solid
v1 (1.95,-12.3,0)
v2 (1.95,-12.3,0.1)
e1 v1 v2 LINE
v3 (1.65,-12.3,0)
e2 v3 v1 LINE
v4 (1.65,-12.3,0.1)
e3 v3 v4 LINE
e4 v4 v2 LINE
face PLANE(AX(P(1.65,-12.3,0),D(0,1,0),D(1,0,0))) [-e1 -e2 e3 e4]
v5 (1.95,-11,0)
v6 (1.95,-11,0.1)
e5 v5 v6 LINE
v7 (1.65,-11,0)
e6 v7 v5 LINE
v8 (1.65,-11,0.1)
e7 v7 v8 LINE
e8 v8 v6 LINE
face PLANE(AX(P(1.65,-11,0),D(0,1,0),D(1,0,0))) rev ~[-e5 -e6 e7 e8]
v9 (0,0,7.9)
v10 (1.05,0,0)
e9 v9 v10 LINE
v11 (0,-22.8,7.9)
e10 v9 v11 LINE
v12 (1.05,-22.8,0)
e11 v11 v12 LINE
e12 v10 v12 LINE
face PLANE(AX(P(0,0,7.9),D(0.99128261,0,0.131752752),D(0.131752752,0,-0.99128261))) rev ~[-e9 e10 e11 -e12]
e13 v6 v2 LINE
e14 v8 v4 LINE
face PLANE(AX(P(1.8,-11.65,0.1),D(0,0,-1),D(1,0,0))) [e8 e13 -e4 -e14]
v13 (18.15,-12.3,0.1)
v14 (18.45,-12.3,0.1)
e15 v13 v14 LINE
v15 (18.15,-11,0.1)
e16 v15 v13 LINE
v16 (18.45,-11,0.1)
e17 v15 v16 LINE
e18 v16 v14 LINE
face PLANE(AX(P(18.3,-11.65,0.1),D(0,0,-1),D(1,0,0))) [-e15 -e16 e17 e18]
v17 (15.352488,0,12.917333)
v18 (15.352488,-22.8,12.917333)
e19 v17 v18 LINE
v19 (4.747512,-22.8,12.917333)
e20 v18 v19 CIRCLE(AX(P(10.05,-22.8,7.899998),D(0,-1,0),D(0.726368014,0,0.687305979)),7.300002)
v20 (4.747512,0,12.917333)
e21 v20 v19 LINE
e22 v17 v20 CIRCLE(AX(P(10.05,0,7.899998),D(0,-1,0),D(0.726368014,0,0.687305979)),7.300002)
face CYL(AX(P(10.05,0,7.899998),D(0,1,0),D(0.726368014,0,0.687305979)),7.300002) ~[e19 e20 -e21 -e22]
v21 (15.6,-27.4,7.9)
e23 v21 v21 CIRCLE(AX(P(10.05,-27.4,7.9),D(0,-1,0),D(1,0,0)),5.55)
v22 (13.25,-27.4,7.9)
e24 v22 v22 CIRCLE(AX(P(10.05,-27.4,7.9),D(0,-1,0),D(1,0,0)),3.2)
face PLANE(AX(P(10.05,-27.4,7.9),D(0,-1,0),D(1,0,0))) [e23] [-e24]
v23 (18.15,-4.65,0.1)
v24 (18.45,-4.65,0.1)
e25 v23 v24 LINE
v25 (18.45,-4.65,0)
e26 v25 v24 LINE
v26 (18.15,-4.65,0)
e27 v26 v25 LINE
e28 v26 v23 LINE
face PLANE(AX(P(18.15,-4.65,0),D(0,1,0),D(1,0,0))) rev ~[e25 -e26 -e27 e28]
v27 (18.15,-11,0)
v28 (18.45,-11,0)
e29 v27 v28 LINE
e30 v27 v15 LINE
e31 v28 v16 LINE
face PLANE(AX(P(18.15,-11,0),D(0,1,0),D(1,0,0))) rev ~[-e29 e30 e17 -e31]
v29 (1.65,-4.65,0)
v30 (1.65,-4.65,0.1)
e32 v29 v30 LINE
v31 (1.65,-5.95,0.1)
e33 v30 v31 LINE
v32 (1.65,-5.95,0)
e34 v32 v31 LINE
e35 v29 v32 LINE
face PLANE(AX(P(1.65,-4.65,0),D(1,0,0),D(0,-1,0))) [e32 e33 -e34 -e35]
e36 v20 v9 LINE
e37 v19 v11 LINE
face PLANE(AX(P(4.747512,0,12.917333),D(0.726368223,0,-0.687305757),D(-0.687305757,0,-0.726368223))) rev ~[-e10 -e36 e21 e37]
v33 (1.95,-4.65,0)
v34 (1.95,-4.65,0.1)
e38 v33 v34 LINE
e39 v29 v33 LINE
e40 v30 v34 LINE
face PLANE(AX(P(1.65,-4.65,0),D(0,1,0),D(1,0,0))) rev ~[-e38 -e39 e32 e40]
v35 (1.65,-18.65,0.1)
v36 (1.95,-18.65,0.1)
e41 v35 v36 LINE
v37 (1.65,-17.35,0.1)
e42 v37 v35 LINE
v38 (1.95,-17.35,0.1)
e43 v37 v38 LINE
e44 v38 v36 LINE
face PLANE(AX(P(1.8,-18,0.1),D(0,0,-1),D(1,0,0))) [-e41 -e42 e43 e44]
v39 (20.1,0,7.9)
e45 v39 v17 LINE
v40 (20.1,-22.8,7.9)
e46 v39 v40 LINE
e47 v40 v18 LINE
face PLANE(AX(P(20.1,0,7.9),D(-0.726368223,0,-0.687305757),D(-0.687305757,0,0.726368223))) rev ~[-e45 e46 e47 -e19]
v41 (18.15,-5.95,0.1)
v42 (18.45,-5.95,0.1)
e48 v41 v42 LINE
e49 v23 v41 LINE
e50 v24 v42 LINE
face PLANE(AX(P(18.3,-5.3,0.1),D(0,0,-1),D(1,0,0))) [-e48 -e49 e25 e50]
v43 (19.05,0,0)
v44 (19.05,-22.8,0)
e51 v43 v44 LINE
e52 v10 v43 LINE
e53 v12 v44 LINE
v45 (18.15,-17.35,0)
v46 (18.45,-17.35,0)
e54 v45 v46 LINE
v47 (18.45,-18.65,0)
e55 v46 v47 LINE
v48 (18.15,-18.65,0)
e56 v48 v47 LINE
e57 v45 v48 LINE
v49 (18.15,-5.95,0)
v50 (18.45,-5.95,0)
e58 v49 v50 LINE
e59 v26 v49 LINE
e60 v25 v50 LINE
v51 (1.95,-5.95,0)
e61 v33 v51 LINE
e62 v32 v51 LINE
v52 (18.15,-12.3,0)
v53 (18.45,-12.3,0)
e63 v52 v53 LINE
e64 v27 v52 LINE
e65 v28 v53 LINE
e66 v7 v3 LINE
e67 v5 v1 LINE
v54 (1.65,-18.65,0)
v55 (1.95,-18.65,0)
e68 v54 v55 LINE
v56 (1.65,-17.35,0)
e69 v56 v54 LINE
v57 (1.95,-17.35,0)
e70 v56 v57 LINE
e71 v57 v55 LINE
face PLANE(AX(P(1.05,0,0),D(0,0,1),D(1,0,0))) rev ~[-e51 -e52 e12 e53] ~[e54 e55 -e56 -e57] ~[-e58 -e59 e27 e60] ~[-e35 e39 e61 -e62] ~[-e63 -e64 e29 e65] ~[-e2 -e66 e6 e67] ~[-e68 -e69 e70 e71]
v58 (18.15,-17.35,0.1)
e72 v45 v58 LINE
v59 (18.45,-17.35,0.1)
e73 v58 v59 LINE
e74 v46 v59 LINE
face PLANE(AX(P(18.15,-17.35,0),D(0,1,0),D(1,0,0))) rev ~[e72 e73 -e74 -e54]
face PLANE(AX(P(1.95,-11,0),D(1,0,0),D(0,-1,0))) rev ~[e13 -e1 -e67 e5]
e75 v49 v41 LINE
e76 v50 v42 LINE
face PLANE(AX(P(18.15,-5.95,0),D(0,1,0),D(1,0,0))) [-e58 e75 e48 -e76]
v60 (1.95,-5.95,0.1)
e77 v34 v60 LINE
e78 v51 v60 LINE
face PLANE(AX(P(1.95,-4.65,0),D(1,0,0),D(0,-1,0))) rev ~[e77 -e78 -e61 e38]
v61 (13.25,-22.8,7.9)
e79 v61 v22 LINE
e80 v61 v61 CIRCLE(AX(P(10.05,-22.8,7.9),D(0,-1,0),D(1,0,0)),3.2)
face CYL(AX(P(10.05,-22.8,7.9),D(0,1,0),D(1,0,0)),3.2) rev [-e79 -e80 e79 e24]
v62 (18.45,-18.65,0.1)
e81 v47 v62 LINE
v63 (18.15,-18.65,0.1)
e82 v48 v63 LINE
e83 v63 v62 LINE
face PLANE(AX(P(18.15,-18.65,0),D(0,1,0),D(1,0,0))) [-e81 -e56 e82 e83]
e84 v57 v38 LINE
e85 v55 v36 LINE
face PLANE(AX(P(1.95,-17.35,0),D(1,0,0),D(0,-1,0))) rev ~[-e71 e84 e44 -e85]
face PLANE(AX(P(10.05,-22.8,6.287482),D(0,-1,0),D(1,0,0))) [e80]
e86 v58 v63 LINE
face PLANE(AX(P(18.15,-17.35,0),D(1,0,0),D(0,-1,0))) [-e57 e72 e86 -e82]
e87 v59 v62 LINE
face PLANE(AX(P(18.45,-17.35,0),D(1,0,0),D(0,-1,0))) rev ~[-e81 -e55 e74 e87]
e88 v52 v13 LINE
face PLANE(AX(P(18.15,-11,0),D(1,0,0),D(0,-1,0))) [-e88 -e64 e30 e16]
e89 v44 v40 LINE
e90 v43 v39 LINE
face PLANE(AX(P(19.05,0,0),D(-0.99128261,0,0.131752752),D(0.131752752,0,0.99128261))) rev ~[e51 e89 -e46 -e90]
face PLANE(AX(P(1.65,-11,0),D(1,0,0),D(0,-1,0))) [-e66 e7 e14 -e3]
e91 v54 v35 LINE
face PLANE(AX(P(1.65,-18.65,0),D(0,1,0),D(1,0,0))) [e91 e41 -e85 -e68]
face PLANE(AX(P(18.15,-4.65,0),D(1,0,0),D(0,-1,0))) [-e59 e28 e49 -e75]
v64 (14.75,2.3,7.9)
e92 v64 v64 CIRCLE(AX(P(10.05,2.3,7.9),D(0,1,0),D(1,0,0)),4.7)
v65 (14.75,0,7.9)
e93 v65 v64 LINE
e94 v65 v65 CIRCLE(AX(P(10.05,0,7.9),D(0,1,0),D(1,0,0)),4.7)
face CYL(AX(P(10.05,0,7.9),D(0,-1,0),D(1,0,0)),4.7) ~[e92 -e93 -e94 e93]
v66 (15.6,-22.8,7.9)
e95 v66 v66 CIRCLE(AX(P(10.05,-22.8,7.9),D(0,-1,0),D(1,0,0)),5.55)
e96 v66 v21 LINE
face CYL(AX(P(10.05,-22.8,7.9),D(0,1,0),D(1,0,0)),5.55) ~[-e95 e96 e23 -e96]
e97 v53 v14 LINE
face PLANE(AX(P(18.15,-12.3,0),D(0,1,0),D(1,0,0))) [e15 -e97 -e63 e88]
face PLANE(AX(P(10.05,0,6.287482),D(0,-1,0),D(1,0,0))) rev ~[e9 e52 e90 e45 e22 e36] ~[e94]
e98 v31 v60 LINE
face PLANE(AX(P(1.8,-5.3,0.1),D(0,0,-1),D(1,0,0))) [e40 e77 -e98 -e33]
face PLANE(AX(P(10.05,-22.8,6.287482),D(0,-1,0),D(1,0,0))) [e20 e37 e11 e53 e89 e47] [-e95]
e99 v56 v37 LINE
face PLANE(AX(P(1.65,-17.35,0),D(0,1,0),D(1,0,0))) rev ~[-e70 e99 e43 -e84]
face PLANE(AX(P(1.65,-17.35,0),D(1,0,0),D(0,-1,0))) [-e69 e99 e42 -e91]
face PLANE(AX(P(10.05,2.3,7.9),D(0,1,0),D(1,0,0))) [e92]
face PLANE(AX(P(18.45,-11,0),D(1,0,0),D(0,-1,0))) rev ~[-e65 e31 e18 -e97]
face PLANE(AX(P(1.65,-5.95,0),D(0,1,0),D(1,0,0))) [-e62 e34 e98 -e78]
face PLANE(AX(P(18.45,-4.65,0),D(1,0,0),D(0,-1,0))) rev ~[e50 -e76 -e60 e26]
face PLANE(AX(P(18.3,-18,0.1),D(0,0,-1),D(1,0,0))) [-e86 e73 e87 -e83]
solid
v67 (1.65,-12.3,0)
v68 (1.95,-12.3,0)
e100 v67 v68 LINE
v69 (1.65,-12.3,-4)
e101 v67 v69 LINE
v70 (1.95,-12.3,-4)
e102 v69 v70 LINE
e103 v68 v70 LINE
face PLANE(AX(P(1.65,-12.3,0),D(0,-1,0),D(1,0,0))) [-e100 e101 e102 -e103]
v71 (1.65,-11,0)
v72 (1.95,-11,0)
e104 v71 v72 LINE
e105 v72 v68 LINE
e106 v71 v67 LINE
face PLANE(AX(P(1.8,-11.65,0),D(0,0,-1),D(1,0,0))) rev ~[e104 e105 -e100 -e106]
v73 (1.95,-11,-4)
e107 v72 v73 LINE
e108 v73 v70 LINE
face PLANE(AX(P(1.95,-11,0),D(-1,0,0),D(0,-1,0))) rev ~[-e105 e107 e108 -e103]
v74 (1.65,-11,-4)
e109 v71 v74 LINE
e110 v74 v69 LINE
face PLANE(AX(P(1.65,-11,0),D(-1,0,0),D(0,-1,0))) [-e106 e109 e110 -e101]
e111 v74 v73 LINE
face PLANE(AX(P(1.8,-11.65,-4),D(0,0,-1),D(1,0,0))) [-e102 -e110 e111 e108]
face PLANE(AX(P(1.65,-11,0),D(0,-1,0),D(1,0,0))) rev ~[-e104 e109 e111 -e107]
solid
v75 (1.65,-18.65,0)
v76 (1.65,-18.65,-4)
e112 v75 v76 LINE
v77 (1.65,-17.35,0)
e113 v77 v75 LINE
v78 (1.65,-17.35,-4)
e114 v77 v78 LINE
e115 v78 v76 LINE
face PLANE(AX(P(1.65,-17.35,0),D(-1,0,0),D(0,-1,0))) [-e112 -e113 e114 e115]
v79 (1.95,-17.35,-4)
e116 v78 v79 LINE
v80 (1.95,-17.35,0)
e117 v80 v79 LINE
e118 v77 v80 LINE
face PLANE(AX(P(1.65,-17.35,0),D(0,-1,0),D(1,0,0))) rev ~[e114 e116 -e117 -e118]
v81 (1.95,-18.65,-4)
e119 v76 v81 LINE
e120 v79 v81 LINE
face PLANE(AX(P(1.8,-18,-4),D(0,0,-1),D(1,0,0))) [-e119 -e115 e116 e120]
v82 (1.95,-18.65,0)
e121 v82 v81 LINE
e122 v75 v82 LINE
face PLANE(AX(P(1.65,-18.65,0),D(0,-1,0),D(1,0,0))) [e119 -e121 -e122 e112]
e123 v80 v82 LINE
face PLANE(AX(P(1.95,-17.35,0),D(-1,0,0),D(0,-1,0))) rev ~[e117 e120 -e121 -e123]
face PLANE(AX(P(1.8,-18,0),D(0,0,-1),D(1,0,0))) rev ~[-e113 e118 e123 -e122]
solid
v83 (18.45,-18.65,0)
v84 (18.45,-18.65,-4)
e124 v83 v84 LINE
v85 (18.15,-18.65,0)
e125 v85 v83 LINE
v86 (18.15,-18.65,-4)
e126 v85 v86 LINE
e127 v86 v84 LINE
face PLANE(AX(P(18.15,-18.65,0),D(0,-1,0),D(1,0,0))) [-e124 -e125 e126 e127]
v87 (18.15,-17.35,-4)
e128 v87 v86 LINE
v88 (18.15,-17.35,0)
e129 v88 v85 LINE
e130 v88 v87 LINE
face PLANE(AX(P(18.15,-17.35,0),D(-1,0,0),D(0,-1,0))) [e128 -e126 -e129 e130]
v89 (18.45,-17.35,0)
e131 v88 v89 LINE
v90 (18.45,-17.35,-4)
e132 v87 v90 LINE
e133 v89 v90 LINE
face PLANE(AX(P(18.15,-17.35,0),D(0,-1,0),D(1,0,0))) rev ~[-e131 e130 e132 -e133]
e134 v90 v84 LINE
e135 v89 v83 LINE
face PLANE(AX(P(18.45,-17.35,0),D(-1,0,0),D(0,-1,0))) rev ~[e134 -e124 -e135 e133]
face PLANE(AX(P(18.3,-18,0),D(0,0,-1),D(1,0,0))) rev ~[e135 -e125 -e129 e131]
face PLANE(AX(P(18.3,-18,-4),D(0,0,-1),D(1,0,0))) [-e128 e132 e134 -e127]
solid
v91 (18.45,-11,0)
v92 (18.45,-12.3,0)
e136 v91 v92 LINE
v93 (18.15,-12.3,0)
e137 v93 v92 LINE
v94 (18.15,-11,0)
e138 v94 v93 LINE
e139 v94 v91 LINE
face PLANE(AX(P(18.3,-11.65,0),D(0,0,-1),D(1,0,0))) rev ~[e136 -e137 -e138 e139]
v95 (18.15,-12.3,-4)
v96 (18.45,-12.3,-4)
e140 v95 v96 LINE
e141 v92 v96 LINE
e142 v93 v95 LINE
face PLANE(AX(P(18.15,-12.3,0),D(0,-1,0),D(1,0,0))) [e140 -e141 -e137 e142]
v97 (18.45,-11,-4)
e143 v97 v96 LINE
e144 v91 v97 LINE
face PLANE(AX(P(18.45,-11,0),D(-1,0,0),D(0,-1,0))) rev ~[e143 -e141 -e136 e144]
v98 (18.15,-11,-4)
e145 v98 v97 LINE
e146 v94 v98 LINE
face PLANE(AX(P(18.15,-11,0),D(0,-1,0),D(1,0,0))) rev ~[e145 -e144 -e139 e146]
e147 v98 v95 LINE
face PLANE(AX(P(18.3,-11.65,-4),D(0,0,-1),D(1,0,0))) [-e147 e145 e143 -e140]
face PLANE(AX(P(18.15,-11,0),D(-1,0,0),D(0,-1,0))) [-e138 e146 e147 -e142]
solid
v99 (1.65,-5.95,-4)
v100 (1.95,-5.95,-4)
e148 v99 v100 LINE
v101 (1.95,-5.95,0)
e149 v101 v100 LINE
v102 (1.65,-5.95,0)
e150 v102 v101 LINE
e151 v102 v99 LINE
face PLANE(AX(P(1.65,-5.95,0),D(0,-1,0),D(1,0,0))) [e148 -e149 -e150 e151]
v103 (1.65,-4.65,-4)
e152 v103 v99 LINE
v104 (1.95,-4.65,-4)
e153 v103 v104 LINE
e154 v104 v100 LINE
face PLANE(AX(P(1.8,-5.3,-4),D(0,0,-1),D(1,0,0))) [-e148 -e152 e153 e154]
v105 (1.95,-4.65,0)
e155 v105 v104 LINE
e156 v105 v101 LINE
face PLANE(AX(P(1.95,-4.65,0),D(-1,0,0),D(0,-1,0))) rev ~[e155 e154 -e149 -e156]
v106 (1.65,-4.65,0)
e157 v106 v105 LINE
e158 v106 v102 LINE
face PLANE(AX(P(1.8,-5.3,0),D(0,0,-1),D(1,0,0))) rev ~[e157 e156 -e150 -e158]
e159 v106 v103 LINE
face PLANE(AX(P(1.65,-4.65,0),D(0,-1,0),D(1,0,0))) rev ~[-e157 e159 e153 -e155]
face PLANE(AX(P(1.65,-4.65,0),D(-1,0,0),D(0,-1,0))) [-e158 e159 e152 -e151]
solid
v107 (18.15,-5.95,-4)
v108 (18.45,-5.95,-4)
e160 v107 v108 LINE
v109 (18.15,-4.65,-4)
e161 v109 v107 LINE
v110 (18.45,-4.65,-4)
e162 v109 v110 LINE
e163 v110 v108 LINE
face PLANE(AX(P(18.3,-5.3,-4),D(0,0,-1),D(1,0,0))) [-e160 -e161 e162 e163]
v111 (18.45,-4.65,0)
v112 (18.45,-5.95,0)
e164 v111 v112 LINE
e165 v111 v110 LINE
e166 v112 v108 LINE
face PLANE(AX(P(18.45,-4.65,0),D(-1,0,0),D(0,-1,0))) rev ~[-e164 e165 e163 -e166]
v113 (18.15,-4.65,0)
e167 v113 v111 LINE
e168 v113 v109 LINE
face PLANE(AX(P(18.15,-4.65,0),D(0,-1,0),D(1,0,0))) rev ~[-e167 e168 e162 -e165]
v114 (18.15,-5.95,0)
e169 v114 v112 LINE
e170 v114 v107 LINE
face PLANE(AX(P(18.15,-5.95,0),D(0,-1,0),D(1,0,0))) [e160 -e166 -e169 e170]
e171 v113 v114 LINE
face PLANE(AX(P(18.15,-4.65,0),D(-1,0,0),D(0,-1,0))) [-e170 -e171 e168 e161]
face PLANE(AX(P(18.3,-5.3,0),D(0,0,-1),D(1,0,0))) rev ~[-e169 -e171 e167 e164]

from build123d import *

# Parameters (mm, degrees)
PAD_DEPTH     = 22.8
SKETCH001_R   = 5.55
SKETCH001_R_2 = 3.2
PAD001_DEPTH  = 4.6
SKETCH002_R   = 4.7
PAD002_DEPTH  = 2.3
SKETCH003_W   = 0.3
SKETCH003_H   = 1.3
POCKET_DEPTH  = 0.1
SKETCH004_W   = 0.3
SKETCH004_H   = 1.3
PAD003_DEPTH  = 4
SKETCH005_W   = 0.3
SKETCH005_H   = 1.3
PAD004_DEPTH  = 4
SKETCH006_W   = 0.3
SKETCH006_H   = 1.3
PAD005_DEPTH  = 4
SKETCH007_W   = 0.3
SKETCH007_H   = 1.3
PAD006_DEPTH  = 4
SKETCH008_W   = 0.3
SKETCH008_H   = 1.3
PAD007_DEPTH  = 4
SKETCH009_W   = 0.3
SKETCH009_H   = 1.3
PAD008_DEPTH  = 4


with BuildPart() as jack:
    # Sketch → Pad (new body)
    with BuildSketch(Plane.XZ):
        with BuildLine():
            Line((0, 7.9), (1.05, 0))
            Line((1.05, 0), (19.05, 0))
            Line((19.05, 0), (20.1, 7.9))
            Line((20.1, 7.9), (15.352488, 12.917333))
            ThreePointArc((15.352488, 12.917333), (10.05, 15.2), (4.747512, 12.917333))
            Line((4.747512, 12.917333), (0, 7.9))
        make_face()
    extrude(amount=PAD_DEPTH)

    # Sketch001 (on Face8 of Pad) → Pad001 (join)
    with BuildSketch(Plane.XZ.offset(22.8)):
        with Locations((10.05, 7.9)):
            Circle(SKETCH001_R)
        with Locations((10.05, 7.9)):
            Circle(SKETCH001_R_2, mode=Mode.SUBTRACT)
    extrude(amount=PAD001_DEPTH)

    # Sketch002 (on Face4 of Pad001) → Pad002 (join)
    with BuildSketch(Plane(origin=(0, 0, 0), x_dir=(1, 0, 0), z_dir=(0, 1, 0))):
        with Locations((10.05, -7.9)):
            Circle(SKETCH002_R)
    extrude(amount=PAD002_DEPTH)

    # Sketch003 (on Face3 of Pad002) → Pocket (cut)
    with BuildSketch(Plane(origin=(0, 0, 0), x_dir=(1, 0, 0), z_dir=(0, 0, -1))):
        with Locations((1.8, 18)):
            Rectangle(SKETCH003_W, SKETCH003_H)
        with Locations((1.8, 11.65)):
            Rectangle(SKETCH003_W, SKETCH003_H)
        with Locations((1.8, 5.3)):
            Rectangle(SKETCH003_W, SKETCH003_H)
        with Locations((18.3, 5.3)):
            Rectangle(SKETCH003_W, SKETCH003_H)
        with Locations((18.3, 11.65)):
            Rectangle(SKETCH003_W, SKETCH003_H)
        with Locations((18.3, 18)):
            Rectangle(SKETCH003_W, SKETCH003_H)
    extrude(amount=-POCKET_DEPTH, mode=Mode.SUBTRACT)


with BuildPart() as pinsn:
    # Sketch004 (on Face1 of ReferencePocket001) → Pad003 (new body)
    with BuildSketch(Plane(origin=(0, 0, 0), x_dir=(1, 0, 0), z_dir=(0, 0, -1))):
        with Locations((1.8, 18)):
            Rectangle(SKETCH004_W, SKETCH004_H)
    extrude(amount=PAD003_DEPTH)


with BuildPart() as pinrn:
    # Sketch005 (on Face1 of ReferencePocket) → Pad004 (new body)
    with BuildSketch(Plane(origin=(0, 0, 0), x_dir=(1, 0, 0), z_dir=(0, 0, -1))):
        with Locations((1.8, 11.65)):
            Rectangle(SKETCH005_W, SKETCH005_H)
    extrude(amount=PAD004_DEPTH)


with BuildPart() as pintn:
    # Sketch006 (on Face1 of ReferencePocket002) → Pad005 (new body)
    with BuildSketch(Plane(origin=(0, 0, 0), x_dir=(1, 0, 0), z_dir=(0, 0, -1))):
        with Locations((1.8, 5.3)):
            Rectangle(SKETCH006_W, SKETCH006_H)
    extrude(amount=PAD005_DEPTH)


with BuildPart() as pint:
    # Sketch007 (on Face1 of ReferencePocket003) → Pad006 (new body)
    with BuildSketch(Plane(origin=(0, 0, 0), x_dir=(1, 0, 0), z_dir=(0, 0, -1))):
        with Locations((18.3, 5.3)):
            Rectangle(SKETCH007_W, SKETCH007_H)
    extrude(amount=PAD006_DEPTH)


with BuildPart() as pinr:
    # Sketch008 (on Face1 of ReferencePocket004) → Pad007 (new body)
    with BuildSketch(Plane(origin=(0, 0, 0), x_dir=(1, 0, 0), z_dir=(0, 0, -1))):
        with Locations((18.3, 11.65)):
            Rectangle(SKETCH008_W, SKETCH008_H)
    extrude(amount=PAD007_DEPTH)


with BuildPart() as pins:
    # Sketch009 (on Face1 of ReferencePocket005) → Pad008 (new body)
    with BuildSketch(Plane(origin=(0, 0, 0), x_dir=(1, 0, 0), z_dir=(0, 0, -1))):
        with Locations((18.3, 18)):
            Rectangle(SKETCH009_W, SKETCH009_H)
    extrude(amount=PAD008_DEPTH)


solid = Compound([jack.part, pinsn.part, pinrn.part, pintn.part, pint.part, pinr.part, pins.part])
